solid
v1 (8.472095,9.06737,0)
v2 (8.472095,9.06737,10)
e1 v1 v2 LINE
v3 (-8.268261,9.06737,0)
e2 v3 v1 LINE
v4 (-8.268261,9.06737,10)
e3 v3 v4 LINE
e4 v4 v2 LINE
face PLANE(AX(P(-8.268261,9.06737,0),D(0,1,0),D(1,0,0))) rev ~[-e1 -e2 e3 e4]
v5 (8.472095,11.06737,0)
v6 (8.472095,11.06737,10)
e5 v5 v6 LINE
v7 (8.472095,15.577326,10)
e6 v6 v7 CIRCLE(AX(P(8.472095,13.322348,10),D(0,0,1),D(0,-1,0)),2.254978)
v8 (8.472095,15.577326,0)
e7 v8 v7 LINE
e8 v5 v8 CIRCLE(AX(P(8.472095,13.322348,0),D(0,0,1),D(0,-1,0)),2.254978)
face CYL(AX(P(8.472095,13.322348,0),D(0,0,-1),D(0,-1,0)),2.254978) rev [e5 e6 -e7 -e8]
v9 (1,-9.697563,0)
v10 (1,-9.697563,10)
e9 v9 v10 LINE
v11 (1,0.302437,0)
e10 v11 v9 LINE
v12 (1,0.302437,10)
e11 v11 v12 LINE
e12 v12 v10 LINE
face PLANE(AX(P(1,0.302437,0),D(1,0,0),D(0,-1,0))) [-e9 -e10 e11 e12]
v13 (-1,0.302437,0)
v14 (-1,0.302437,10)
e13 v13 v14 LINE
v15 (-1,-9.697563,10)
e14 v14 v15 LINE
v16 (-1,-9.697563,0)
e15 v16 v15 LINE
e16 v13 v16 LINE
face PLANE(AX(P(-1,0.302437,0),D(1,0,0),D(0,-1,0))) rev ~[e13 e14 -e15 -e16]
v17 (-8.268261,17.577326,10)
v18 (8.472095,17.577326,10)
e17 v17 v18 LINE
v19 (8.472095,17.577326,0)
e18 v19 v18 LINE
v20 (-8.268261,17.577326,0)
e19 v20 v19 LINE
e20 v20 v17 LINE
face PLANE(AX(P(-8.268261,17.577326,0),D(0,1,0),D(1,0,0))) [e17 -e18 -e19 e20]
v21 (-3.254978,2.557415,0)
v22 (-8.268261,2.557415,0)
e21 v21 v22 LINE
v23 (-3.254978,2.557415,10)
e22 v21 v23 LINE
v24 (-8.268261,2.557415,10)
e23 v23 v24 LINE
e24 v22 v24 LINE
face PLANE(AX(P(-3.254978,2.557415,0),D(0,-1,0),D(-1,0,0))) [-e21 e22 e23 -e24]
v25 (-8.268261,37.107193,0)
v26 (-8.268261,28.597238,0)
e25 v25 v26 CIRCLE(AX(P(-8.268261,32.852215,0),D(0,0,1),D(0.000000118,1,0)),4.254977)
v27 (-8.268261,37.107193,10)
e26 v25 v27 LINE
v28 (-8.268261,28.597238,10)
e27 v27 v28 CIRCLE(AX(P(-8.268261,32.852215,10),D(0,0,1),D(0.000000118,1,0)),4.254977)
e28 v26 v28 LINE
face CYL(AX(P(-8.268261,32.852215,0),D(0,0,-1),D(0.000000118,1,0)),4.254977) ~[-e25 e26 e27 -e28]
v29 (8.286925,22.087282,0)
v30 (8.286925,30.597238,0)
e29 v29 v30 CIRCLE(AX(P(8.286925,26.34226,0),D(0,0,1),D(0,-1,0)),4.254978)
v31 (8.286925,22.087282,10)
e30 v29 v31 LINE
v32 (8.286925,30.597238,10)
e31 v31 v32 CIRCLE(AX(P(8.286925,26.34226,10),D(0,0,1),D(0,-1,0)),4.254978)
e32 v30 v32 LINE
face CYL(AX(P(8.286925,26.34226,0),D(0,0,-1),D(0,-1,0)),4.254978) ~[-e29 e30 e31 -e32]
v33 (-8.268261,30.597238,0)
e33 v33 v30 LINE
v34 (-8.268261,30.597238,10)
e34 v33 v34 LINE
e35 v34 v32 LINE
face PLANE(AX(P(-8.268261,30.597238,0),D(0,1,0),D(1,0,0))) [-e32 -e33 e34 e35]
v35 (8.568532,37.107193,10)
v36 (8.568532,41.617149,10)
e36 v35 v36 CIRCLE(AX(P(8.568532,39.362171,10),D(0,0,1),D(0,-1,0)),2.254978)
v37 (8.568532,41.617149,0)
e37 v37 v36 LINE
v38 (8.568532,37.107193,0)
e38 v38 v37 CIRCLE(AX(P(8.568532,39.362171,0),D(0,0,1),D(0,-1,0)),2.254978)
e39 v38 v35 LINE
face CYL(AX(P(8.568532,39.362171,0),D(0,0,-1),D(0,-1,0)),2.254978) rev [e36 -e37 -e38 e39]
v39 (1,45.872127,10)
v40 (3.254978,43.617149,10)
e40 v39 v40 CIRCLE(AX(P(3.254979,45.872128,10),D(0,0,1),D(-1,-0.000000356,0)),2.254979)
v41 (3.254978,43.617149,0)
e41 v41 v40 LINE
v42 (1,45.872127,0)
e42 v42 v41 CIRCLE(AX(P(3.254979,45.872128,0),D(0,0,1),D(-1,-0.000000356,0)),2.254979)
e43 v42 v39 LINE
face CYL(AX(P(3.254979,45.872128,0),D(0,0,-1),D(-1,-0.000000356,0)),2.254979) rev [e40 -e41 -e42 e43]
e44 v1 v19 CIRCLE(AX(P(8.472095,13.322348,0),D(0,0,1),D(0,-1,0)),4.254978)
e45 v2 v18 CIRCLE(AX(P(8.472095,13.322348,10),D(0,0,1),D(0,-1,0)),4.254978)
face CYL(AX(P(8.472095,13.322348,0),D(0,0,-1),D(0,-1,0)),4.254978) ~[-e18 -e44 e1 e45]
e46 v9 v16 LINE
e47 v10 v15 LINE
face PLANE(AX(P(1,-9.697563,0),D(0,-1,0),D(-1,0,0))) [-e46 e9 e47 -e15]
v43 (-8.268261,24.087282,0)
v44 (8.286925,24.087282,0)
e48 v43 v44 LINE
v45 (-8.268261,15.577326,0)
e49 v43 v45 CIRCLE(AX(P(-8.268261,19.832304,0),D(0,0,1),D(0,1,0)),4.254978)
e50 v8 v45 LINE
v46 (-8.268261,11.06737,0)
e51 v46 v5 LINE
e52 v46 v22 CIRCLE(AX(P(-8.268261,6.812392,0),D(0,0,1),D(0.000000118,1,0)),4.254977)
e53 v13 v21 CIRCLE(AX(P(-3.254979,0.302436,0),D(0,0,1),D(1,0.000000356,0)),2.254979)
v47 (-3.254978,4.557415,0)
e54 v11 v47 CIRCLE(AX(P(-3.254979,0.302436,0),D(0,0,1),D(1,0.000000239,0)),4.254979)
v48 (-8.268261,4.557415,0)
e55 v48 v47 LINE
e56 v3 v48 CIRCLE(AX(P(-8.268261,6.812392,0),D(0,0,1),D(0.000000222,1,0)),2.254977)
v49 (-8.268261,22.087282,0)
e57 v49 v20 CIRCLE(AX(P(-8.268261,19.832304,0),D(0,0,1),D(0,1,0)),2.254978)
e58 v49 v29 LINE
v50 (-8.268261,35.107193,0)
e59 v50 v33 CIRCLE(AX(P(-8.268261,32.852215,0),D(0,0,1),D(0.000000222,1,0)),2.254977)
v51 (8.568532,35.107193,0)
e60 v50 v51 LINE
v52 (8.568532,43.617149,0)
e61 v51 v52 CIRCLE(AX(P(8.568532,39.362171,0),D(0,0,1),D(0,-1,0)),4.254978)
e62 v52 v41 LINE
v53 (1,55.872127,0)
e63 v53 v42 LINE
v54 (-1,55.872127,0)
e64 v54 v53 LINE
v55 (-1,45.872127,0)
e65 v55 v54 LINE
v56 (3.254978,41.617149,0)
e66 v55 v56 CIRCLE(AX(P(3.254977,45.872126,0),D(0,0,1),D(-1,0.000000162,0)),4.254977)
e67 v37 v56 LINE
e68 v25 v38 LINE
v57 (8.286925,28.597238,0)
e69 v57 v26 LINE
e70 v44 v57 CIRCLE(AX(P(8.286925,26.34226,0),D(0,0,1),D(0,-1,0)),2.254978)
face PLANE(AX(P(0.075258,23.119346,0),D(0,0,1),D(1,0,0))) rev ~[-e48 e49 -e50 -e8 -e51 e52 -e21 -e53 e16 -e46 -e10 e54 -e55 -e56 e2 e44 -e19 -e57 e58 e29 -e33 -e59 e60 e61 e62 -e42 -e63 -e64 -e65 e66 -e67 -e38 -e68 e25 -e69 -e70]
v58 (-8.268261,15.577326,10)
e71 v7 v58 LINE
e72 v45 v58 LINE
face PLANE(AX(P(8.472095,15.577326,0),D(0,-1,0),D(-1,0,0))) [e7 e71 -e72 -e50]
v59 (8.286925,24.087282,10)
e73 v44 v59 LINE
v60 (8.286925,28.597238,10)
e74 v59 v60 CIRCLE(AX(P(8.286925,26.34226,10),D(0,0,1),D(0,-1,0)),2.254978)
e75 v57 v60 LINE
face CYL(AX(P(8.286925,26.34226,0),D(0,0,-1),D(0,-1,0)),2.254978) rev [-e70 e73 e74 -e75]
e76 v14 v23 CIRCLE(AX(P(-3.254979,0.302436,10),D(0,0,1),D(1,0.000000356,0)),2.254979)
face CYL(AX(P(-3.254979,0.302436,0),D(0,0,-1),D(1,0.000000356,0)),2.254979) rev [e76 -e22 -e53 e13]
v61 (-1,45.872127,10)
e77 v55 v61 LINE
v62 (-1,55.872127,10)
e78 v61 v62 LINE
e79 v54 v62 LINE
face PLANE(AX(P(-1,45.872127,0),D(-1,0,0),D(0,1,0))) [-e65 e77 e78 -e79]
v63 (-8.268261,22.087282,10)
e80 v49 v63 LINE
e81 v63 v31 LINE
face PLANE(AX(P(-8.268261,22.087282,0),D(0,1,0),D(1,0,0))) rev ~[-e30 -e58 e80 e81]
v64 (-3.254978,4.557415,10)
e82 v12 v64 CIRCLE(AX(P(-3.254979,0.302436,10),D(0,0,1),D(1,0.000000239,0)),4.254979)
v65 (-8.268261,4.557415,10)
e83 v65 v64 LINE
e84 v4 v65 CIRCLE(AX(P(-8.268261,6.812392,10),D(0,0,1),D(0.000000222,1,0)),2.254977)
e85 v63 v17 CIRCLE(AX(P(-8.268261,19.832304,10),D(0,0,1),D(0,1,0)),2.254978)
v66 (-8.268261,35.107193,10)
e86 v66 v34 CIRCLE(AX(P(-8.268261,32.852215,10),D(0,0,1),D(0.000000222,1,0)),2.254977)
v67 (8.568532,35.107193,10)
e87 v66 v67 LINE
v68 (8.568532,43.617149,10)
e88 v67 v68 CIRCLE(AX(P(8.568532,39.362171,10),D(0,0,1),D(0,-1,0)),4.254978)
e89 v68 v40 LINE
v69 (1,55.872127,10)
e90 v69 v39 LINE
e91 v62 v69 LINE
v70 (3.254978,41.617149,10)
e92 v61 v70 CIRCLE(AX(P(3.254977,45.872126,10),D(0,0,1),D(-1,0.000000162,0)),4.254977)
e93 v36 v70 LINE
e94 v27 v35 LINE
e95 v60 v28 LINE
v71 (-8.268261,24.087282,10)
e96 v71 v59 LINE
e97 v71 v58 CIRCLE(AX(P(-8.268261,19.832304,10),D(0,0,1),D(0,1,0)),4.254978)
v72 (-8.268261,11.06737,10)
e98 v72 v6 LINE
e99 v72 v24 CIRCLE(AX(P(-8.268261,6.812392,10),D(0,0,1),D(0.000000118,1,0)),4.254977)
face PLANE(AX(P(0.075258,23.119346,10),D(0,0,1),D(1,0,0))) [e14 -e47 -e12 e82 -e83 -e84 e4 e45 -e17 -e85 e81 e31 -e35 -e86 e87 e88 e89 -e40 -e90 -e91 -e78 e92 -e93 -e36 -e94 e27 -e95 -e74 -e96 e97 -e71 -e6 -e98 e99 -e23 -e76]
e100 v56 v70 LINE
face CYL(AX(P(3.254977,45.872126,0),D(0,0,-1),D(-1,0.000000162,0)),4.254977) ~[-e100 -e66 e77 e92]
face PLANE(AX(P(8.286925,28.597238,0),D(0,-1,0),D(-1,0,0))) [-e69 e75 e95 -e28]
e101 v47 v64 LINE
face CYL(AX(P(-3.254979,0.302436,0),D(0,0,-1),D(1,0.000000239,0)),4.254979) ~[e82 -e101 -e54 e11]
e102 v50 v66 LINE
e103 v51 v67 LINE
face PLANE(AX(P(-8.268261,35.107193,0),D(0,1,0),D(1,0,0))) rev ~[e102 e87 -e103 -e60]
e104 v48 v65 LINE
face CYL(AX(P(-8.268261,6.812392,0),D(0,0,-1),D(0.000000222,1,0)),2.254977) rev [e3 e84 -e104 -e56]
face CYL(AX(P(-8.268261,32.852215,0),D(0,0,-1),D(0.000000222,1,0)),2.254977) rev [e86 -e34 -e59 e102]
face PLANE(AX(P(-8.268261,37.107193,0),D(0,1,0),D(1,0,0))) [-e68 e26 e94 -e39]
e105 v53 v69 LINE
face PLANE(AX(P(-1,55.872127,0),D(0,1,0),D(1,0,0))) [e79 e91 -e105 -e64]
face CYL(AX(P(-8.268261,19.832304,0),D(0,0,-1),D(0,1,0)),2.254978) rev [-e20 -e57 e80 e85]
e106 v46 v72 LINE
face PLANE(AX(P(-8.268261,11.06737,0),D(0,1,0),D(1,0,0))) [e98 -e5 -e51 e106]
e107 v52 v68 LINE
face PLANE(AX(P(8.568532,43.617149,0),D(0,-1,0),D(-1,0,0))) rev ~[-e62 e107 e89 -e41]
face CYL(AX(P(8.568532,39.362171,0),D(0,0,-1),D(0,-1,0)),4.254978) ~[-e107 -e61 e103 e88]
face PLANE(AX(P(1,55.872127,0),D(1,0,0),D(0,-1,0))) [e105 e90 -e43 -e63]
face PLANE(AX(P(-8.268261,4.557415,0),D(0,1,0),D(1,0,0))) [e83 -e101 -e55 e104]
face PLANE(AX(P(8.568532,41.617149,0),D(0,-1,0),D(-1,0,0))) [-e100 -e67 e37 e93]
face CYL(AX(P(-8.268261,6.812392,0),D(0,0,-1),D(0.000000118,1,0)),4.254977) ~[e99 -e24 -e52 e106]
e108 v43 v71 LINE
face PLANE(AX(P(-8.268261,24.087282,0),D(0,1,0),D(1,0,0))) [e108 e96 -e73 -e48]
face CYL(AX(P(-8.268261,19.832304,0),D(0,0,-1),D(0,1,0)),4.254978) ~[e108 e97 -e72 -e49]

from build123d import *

# Parameters (mm, degrees)
PAD_DEPTH = 10


with BuildPart() as part:
    # Sketch → Pad (new body)
    with BuildSketch(Plane.XY):
        with BuildLine():
            ThreePointArc((-8.268261, 24.087282), (-12.523239, 19.832304), (-8.268261, 15.577326))
            Line((8.472095, 15.577326), (-8.268261, 15.577326))
            ThreePointArc((8.472095, 11.06737), (10.727073, 13.322348), (8.472095, 15.577326))
            Line((-8.268261, 11.06737), (8.472095, 11.06737))
            ThreePointArc((-8.268261, 11.06737), (-12.523239, 6.812392), (-8.268261, 2.557415))
            Line((-3.254978, 2.557415), (-8.268261, 2.557415))
            ThreePointArc((-1, 0.302437), (-1.660468, 1.896947), (-3.254978, 2.557415))
            Line((-1, 0.302437), (-1, -9.697563))
            Line((1, -9.697563), (-1, -9.697563))
            Line((1, 0.302437), (1, -9.697563))
            ThreePointArc((1, 0.302437), (-0.246254, 3.31116), (-3.254978, 4.557415))
            Line((-8.268261, 4.557415), (-3.254978, 4.557415))
            ThreePointArc((-8.268261, 9.06737), (-10.523239, 6.812392), (-8.268261, 4.557415))
            Line((-8.268261, 9.06737), (8.472095, 9.06737))
            ThreePointArc((8.472095, 9.06737), (12.727073, 13.322348), (8.472095, 17.577326))
            Line((-8.268261, 17.577326), (8.472095, 17.577326))
            ThreePointArc((-8.268261, 22.087282), (-10.523239, 19.832304), (-8.268261, 17.577326))
            Line((-8.268261, 22.087282), (8.286925, 22.087282))
            ThreePointArc((8.286925, 22.087282), (12.541903, 26.34226), (8.286925, 30.597238))
            Line((-8.268261, 30.597238), (8.286925, 30.597238))
            ThreePointArc((-8.268261, 35.107193), (-10.523239, 32.852215), (-8.268261, 30.597238))
            Line((-8.268261, 35.107193), (8.568532, 35.107193))
            ThreePointArc((8.568532, 35.107193), (12.82351, 39.362171), (8.568532, 43.617149))
            Line((8.568532, 43.617149), (3.254978, 43.617149))
            ThreePointArc((1, 45.872127), (1.660468, 44.277617), (3.254978, 43.617149))
            Line((1, 55.872127), (1, 45.872127))
            Line((-1, 55.872127), (1, 55.872127))
            Line((-1, 45.872127), (-1, 55.872127))
            ThreePointArc((-1, 45.872127), (0.246254, 42.863403), (3.254978, 41.617149))
            Line((8.568532, 41.617149), (3.254978, 41.617149))
            ThreePointArc((8.568532, 37.107193), (10.82351, 39.362171), (8.568532, 41.617149))
            Line((-8.268261, 37.107193), (8.568532, 37.107193))
            ThreePointArc((-8.268261, 37.107193), (-12.523239, 32.852215), (-8.268261, 28.597238))
            Line((8.286925, 28.597238), (-8.268261, 28.597238))
            ThreePointArc((8.286925, 24.087282), (10.541903, 26.34226), (8.286925, 28.597238))
            Line((-8.268261, 24.087282), (8.286925, 24.087282))
        make_face()
    extrude(amount=PAD_DEPTH)


solid = part.part
